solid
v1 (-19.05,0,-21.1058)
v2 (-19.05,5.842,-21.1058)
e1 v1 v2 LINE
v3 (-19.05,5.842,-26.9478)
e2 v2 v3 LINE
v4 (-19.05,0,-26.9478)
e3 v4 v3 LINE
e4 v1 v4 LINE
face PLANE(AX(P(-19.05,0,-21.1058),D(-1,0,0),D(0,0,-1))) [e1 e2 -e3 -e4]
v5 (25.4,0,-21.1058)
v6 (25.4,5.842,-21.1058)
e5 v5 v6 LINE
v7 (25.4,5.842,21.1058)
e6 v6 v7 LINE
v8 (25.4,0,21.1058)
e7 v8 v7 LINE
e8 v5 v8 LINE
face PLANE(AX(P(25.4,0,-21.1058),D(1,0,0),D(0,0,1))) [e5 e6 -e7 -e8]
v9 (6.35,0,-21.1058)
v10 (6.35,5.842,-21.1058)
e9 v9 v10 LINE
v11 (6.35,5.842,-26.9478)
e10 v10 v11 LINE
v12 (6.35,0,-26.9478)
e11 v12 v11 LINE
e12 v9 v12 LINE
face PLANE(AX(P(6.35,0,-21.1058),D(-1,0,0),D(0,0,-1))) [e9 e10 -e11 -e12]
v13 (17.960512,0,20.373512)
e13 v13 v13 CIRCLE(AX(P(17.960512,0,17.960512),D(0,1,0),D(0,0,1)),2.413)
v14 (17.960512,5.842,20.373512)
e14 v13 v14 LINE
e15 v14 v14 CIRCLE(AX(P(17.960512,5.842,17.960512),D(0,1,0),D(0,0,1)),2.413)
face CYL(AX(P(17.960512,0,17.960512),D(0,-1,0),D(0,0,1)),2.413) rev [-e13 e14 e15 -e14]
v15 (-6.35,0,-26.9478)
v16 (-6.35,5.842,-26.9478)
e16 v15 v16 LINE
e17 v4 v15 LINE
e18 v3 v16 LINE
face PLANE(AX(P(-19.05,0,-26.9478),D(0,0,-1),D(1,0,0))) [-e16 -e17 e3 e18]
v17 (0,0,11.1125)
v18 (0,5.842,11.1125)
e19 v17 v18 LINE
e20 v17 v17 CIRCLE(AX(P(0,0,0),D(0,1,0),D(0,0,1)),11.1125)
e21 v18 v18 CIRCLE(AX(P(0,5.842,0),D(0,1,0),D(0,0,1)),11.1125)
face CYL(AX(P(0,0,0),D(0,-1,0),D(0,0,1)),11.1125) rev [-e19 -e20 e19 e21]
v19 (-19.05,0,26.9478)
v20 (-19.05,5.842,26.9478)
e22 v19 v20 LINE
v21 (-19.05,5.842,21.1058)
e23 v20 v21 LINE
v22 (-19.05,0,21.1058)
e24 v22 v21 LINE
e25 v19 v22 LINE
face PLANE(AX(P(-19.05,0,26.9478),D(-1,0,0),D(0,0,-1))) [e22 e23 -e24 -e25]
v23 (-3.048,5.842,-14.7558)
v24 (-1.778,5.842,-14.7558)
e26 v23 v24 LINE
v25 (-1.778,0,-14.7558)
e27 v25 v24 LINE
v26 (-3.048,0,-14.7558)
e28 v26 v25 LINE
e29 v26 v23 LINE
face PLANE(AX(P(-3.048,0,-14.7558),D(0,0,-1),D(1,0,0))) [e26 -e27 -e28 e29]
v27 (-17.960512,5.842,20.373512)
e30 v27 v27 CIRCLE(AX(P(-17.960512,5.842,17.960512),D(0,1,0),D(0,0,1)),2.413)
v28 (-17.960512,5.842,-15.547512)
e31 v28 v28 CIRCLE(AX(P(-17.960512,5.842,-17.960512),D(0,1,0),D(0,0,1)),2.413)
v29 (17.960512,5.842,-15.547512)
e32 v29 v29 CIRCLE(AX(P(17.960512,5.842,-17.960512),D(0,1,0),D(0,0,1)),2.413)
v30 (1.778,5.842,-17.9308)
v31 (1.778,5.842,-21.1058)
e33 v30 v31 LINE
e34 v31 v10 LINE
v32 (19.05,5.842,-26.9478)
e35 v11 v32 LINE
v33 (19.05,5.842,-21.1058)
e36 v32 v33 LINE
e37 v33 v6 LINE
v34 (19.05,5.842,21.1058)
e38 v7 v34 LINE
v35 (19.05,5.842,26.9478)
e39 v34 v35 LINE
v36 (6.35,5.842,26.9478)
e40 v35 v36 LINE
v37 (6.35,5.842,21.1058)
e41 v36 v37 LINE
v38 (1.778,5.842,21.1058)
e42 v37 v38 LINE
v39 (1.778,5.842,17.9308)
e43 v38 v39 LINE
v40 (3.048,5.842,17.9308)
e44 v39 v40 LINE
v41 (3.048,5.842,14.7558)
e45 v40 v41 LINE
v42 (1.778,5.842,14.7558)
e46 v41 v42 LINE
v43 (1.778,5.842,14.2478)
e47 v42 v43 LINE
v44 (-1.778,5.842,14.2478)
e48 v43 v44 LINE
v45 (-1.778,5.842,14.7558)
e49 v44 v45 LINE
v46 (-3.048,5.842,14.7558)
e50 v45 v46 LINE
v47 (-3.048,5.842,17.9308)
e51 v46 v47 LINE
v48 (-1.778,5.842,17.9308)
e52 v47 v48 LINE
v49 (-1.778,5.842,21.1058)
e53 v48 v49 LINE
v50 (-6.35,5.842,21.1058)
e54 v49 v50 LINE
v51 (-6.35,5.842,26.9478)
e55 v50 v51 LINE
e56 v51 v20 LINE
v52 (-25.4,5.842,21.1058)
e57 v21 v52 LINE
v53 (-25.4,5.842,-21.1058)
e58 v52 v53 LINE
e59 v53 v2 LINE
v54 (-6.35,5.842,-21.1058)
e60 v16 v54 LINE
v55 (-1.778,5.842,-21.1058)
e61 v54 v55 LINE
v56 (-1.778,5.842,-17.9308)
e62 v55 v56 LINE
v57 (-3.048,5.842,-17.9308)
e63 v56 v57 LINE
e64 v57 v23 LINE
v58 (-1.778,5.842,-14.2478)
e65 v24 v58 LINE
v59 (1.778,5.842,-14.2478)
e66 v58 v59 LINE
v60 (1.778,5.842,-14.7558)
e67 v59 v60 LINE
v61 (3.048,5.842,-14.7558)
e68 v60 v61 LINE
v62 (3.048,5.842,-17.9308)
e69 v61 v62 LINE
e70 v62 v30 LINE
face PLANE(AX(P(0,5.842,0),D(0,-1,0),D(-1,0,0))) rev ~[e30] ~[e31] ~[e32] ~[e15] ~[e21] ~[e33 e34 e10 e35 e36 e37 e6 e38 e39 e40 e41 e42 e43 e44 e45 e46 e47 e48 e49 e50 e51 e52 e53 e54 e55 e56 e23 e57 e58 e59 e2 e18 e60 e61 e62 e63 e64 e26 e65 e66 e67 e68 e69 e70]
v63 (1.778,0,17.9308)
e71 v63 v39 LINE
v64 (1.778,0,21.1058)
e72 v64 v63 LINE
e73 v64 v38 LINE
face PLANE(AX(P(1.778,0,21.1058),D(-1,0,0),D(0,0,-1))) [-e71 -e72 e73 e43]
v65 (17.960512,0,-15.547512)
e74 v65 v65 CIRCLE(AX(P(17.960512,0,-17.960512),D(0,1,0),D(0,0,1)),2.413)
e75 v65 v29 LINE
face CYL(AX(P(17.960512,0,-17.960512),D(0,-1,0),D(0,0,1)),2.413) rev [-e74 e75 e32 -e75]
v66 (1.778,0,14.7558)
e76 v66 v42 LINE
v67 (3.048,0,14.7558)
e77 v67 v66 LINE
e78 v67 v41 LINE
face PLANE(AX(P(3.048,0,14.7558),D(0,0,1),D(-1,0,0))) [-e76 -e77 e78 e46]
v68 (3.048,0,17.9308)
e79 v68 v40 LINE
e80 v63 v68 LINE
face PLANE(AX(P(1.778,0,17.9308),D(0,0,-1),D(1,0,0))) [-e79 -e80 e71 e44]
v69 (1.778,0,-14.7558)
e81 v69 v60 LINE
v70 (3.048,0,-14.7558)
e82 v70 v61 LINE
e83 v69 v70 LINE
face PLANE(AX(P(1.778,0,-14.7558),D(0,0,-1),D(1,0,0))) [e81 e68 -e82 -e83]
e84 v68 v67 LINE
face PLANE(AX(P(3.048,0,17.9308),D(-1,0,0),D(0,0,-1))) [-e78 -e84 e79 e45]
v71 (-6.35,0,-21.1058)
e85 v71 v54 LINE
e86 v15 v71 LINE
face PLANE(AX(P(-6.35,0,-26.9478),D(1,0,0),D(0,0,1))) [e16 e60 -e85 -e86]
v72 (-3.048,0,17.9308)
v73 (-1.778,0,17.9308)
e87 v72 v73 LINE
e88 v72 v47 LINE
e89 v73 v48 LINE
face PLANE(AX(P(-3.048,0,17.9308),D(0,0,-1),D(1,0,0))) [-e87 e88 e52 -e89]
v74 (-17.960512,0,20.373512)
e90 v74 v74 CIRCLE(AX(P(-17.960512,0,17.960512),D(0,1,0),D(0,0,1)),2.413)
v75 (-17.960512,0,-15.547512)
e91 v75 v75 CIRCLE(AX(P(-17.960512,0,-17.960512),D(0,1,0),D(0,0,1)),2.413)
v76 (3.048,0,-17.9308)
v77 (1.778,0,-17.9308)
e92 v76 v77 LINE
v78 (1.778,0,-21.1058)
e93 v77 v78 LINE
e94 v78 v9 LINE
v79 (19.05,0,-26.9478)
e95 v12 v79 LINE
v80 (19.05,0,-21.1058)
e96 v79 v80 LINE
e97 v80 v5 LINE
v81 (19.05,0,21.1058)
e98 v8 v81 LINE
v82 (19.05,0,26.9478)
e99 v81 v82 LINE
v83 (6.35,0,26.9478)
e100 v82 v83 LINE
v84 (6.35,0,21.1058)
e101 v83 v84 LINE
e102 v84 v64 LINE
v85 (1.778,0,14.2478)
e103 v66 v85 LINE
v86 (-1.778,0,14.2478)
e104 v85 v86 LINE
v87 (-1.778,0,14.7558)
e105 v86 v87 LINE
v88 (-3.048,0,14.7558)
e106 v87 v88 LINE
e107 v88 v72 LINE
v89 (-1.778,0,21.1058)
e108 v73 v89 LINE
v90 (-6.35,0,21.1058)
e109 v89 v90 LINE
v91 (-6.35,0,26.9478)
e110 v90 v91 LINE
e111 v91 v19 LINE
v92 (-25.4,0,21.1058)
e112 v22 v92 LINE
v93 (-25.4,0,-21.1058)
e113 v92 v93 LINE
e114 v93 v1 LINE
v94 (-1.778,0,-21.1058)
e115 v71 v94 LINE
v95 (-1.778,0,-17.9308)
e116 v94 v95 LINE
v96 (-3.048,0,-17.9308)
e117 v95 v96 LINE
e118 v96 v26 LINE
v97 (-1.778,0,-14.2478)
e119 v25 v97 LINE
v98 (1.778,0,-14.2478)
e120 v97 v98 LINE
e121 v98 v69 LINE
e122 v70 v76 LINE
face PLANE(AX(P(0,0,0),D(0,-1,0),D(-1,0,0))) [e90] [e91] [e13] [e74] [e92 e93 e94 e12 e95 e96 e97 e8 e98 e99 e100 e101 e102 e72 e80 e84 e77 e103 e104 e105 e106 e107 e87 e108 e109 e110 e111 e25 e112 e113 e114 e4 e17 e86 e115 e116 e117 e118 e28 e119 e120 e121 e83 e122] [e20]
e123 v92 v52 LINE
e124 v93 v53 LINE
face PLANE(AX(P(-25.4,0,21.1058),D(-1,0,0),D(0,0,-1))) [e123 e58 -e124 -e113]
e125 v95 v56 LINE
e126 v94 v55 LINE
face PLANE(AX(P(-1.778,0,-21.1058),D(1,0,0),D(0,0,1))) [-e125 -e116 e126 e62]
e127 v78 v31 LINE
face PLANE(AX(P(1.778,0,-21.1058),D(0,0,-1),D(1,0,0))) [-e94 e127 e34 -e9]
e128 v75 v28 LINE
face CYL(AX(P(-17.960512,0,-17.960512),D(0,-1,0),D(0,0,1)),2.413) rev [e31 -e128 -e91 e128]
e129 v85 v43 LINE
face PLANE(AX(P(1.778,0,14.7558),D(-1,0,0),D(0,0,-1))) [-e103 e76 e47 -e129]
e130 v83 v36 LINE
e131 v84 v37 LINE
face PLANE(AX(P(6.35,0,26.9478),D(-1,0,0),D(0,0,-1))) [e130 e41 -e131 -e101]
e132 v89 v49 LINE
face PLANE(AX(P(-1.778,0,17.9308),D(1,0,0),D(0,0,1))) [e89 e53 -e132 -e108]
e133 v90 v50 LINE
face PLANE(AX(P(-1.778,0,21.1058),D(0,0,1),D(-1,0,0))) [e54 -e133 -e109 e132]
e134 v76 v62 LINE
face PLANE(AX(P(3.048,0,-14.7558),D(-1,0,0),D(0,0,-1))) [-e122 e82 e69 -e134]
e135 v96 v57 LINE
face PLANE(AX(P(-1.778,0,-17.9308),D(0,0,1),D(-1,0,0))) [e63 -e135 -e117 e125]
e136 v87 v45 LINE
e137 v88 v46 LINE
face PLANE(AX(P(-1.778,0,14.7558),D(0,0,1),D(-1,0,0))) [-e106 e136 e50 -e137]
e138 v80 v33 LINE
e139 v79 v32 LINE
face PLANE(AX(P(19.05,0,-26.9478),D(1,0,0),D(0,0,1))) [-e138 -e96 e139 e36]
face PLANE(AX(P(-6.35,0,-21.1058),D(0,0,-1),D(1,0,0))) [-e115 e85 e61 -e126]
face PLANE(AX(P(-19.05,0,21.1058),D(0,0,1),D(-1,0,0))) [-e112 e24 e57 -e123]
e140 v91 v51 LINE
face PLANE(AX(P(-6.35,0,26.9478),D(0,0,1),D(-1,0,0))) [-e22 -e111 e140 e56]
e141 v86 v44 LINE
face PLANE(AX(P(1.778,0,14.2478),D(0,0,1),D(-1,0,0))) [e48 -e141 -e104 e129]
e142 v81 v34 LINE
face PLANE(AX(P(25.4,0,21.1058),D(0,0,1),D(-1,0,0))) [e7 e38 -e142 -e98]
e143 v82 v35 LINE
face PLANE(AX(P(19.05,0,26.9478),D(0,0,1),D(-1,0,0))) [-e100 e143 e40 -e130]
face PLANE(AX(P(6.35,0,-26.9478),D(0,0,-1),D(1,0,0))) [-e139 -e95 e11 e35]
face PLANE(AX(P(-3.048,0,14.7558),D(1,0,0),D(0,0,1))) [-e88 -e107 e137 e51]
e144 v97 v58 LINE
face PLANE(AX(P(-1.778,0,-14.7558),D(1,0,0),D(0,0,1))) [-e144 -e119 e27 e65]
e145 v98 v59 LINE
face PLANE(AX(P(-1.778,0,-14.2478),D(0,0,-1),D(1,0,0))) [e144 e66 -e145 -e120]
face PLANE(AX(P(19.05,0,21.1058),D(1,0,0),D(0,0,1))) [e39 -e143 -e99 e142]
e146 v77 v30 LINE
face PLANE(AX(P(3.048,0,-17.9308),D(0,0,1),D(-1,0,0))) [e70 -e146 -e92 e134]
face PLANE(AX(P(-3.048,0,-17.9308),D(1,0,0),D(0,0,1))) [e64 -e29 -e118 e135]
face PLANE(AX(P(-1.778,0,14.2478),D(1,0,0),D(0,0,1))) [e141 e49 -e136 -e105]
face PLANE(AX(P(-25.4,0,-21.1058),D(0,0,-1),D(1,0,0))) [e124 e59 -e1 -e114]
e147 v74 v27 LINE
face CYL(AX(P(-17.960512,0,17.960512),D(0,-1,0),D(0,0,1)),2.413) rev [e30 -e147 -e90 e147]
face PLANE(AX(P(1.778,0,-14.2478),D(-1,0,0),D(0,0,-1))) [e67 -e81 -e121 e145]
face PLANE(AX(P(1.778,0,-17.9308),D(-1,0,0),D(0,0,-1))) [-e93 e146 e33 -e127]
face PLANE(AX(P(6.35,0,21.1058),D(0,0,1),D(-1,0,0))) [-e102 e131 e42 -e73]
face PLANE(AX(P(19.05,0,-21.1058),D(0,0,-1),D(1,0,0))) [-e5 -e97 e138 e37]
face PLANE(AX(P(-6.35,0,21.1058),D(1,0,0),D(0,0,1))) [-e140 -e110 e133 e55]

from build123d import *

# Parameters (mm, degrees)
SKETCH1_R           = 11.1125
SKETCH1_R_2         = 2.413
BOSS_EXTRUDE1_DEPTH = 5.842


with BuildPart() as part:
    # Sketch1 → Boss-Extrude1 (new body)
    with BuildSketch(Plane(origin=(0, 0, 0), x_dir=(1, 0, 0), z_dir=(0, 1, 0))):
        Polygon((25.4, -21.1058), (19.05, -21.1058), (19.05, -26.9478), (6.35, -26.9478), (6.35, -21.1058), (1.778, -21.1058), (1.778, -17.9308), (3.048, -17.9308), (3.048, -14.7558), (1.778, -14.7558), (1.778, -14.2478), (-1.778, -14.2478), (-1.778, -14.7558), (-3.048, -14.7558), (-3.048, -17.9308), (-1.778, -17.9308), (-1.778, -21.1058), (-6.35, -21.1058), (-6.35, -26.9478), (-19.05, -26.9478), (-19.05, -21.1058), (-25.4, -21.1058), (-25.4, 21.1058), (-19.05, 21.1058), (-19.05, 26.9478), (-6.35, 26.9478), (-6.35, 21.1058), (-1.778, 21.1058), (-1.778, 17.9308), (-3.048, 17.9308), (-3.048, 14.7558), (-1.778, 14.7558), (-1.778, 14.2478), (1.778, 14.2478), (1.778, 14.7558), (3.048, 14.7558), (3.048, 17.9308), (1.778, 17.9308), (1.778, 21.1058), (6.35, 21.1058), (6.35, 26.9478), (19.05, 26.9478), (19.05, 21.1058), (25.4, 21.1058), align=None)
        with Locations(Location((0, 0, 0), (0, 0, 270))):
            Circle(SKETCH1_R, mode=Mode.SUBTRACT)
        with Locations(Location((-17.960512242, 17.960512242, 0), (0, 0, 270))):
            Circle(SKETCH1_R_2, mode=Mode.SUBTRACT)
        with Locations(Location((17.960512242, 17.960512242, 0), (0, 0, 270))):
            Circle(SKETCH1_R_2, mode=Mode.SUBTRACT)
        with Locations(Location((17.960512242, -17.960512242, 0), (0, 0, 270))):
            Circle(SKETCH1_R_2, mode=Mode.SUBTRACT)
        with Locations(Location((-17.960512242, -17.960512242, 0), (0, 0, 270))):
            Circle(SKETCH1_R_2, mode=Mode.SUBTRACT)
    extrude(amount=BOSS_EXTRUDE1_DEPTH)


solid = part.part
